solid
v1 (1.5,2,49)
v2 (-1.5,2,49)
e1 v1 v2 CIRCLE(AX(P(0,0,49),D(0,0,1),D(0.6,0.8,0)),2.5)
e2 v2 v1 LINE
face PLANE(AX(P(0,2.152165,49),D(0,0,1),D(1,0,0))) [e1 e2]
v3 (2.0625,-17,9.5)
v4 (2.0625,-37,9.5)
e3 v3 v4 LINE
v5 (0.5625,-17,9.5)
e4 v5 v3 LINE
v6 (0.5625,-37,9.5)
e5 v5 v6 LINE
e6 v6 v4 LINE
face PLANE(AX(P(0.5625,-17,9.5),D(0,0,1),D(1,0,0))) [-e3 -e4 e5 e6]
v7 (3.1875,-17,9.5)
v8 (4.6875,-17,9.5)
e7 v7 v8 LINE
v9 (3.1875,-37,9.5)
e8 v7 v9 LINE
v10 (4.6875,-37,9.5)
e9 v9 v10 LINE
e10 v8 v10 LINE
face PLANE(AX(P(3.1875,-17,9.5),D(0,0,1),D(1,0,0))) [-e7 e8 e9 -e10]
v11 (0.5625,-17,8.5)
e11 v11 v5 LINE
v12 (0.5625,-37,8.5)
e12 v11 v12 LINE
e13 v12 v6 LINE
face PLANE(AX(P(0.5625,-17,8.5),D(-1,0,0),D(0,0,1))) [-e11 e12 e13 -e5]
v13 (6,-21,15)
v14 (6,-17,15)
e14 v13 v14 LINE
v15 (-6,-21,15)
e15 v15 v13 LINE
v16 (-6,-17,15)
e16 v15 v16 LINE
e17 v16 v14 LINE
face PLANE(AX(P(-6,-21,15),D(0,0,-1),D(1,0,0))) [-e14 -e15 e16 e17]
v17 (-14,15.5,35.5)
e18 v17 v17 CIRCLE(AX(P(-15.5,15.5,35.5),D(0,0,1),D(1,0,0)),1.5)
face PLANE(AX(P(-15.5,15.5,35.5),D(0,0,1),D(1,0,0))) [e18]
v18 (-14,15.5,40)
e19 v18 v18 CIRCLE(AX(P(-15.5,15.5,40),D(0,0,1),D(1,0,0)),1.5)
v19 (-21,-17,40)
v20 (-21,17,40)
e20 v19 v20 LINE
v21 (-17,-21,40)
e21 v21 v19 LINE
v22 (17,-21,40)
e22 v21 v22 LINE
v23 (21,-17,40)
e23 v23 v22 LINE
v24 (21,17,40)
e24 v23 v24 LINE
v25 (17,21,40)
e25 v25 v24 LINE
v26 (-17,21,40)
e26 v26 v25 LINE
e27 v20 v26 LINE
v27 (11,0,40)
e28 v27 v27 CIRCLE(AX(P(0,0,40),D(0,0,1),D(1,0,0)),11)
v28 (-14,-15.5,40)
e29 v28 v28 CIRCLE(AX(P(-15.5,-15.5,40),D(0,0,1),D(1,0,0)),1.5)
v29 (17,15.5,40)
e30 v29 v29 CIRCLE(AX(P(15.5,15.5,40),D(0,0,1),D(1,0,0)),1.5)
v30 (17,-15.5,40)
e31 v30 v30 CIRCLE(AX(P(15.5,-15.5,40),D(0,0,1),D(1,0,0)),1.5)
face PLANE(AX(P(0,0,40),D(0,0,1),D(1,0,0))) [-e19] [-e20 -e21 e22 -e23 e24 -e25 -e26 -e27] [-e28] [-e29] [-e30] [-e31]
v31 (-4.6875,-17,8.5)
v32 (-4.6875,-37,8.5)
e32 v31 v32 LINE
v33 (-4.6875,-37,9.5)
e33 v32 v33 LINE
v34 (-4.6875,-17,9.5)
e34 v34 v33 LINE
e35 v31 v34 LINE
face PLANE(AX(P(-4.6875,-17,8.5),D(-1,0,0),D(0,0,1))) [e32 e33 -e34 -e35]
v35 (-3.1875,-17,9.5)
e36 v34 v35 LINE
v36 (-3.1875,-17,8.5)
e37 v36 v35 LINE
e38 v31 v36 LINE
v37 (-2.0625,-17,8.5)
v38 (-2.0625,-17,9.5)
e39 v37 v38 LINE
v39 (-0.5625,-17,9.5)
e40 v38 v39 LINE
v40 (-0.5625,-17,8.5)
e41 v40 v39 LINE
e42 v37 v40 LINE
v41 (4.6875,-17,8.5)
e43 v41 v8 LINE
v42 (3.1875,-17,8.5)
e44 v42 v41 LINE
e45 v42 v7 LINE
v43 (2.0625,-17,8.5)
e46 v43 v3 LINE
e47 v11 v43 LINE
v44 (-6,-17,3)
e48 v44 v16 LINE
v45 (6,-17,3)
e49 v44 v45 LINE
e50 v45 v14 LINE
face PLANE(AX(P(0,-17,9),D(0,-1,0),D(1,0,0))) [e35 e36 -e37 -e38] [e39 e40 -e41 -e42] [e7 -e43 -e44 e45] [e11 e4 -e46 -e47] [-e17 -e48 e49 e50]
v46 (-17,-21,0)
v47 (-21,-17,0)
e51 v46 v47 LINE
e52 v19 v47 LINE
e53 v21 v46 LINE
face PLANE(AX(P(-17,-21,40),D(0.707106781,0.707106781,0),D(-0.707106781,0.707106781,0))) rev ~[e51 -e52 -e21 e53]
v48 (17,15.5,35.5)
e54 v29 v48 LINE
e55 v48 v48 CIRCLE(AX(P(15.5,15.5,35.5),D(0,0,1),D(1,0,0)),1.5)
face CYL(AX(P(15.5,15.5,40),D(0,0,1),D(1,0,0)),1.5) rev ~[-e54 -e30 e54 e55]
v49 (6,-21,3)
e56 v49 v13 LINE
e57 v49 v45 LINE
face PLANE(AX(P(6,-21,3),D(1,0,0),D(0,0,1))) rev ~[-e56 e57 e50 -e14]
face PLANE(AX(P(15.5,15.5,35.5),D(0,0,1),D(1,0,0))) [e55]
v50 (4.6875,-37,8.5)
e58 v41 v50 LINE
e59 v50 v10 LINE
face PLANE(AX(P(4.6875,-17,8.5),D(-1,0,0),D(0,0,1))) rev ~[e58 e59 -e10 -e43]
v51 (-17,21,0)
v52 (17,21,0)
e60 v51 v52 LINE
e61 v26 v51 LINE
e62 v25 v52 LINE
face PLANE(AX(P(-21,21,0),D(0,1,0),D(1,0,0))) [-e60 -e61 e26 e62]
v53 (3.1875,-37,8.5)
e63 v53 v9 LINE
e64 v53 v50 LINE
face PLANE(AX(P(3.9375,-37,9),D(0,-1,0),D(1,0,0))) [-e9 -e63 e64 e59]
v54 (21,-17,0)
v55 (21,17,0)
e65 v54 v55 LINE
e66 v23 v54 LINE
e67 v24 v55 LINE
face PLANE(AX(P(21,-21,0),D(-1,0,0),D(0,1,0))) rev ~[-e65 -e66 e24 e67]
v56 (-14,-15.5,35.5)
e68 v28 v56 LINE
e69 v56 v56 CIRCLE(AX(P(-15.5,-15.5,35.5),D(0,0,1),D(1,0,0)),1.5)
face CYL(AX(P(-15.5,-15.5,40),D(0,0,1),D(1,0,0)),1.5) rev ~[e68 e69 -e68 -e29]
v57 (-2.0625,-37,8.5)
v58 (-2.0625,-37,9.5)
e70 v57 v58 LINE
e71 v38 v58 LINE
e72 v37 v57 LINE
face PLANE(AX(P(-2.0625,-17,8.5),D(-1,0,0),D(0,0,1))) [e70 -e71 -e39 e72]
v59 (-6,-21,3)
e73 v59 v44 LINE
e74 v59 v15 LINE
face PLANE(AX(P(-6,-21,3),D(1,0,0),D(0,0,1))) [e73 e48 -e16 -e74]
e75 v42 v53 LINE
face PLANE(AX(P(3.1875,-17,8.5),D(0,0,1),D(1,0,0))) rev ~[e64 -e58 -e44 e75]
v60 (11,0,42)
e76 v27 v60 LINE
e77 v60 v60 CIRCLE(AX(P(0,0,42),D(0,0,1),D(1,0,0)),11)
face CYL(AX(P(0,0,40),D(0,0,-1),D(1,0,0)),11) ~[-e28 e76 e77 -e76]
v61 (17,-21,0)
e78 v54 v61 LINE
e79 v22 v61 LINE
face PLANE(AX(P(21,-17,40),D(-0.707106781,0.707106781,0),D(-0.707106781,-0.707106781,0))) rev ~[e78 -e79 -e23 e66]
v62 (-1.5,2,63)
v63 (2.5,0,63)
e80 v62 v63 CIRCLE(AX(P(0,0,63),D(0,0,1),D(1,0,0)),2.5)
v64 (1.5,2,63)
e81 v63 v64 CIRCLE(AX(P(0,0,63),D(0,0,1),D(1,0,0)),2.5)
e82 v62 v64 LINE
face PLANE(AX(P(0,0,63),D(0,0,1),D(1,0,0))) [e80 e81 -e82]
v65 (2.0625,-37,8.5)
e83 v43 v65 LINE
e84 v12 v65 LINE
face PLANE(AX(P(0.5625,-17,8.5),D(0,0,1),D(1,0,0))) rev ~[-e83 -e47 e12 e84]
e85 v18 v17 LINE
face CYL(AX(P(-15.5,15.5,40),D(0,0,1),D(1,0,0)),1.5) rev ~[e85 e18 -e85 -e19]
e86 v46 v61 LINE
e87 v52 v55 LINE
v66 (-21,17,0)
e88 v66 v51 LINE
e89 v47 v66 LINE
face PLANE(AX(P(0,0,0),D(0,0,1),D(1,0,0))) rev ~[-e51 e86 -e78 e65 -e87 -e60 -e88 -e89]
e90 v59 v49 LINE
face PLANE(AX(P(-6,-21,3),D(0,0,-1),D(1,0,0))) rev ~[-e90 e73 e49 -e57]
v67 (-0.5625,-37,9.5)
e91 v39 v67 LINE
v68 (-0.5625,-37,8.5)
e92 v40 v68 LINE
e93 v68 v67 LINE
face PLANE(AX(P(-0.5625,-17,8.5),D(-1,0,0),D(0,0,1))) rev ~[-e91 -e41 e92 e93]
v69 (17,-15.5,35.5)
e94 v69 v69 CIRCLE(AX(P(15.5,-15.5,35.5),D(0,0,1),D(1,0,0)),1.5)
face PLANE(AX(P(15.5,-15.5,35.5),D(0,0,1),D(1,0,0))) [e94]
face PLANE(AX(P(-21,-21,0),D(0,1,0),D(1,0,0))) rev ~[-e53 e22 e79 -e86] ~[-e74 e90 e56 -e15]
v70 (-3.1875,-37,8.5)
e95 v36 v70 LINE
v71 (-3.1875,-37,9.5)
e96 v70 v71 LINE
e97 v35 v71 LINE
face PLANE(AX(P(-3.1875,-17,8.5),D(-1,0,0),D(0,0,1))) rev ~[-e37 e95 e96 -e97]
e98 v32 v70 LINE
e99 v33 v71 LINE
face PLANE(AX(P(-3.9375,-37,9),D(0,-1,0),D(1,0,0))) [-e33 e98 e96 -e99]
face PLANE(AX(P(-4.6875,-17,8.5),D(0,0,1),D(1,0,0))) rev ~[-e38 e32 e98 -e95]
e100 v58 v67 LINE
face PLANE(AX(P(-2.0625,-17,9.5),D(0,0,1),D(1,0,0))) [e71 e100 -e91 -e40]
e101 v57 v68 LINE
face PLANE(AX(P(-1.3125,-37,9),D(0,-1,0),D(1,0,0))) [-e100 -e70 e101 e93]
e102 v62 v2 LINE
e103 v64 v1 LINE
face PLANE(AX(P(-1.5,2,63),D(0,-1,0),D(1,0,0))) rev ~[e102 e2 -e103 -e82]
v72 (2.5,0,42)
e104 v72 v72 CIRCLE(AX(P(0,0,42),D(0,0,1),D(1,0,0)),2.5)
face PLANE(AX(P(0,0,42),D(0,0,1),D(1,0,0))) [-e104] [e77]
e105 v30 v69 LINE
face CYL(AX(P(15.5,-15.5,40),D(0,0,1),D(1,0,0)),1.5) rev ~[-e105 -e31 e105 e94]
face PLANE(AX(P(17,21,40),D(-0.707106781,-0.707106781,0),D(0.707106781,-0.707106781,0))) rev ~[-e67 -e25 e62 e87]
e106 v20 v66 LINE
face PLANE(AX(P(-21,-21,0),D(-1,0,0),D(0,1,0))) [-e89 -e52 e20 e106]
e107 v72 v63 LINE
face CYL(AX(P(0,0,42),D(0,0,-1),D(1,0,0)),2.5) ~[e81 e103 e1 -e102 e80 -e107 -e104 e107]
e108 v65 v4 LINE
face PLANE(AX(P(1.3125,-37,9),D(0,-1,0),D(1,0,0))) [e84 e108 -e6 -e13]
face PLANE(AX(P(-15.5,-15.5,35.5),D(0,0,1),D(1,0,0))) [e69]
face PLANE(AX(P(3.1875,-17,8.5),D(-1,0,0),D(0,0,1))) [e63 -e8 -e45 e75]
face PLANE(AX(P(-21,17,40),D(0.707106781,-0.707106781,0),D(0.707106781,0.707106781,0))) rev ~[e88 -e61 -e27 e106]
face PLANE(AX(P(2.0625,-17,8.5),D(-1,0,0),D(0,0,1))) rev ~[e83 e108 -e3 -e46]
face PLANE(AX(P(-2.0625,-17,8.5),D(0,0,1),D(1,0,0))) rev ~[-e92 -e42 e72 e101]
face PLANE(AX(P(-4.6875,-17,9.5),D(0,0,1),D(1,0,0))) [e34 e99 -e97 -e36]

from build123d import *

# Parameters (mm, degrees)
F0_W      = 42
F0_H      = 42
F1_DEPTH  = 40
F2_R      = 1.5
F3_DEPTH  = 4.5
F5_DEPTH  = 40.001
F6_R      = 11
F7_DEPTH  = 2
F8_R      = 2.5
F9_DEPTH  = 21
F11_DEPTH = 14
F12_W     = 12
F12_H     = 12
F13_DEPTH = 4
F14_W     = 1.5
F14_H     = 1
F15_DEPTH = 20


with BuildPart() as f1:
    # F0 (on Top) → F1 (new body)
    with BuildSketch(Plane.XY):
        Rectangle(F0_W, F0_H)
    extrude(amount=F1_DEPTH)

    # F2 (on face) → F3 (cut)
    with BuildSketch(Plane.XY.offset(40)):
        with Locations((15.5, 15.5)):
            Circle(F2_R)
        with Locations((15.5, -15.5)):
            Circle(F2_R)
        with Locations((-15.5, -15.5)):
            Circle(F2_R)
        with Locations((-15.5, 15.5)):
            Circle(F2_R)
    extrude(amount=-F3_DEPTH, mode=Mode.SUBTRACT)

    # F4 (on face) → F5 (cut, through all)
    with BuildSketch(Plane.XY.offset(40)):
        Polygon((17, 21), (21, 17), (21, 21), align=None)
        Polygon((17, -21), (21, -21), (21, -17), align=None)
        Polygon((-17, -21), (-21, -17), (-21, -21), align=None)
        Polygon((-17, 21), (-21, 21), (-21, 17), align=None)
    extrude(amount=-F5_DEPTH, mode=Mode.SUBTRACT)

    # F6 (on face) → F7 (join)
    with BuildSketch(Plane.XY.offset(40)):
        Circle(F6_R)
    extrude(amount=F7_DEPTH)

    # F8 (on face) → F9 (join)
    with BuildSketch(Plane.XY.offset(42)):
        Circle(F8_R)
    extrude(amount=F9_DEPTH)

    # F10 (on face) → F11 (cut)
    with BuildSketch(Plane.XY.offset(63)):
        with BuildLine():
            Line((-1.5, 2), (1.5, 2))
            ThreePointArc((1.5, 2), (0, 2.5), (-1.5, 2))
        make_face()
    extrude(amount=-F11_DEPTH, mode=Mode.SUBTRACT)

    # F12 (on face) → F13 (cut)
    with BuildSketch(Plane.XZ.offset(21)):
        with Locations((0, 9)):
            Rectangle(F12_W, F12_H)
    extrude(amount=-F13_DEPTH, mode=Mode.SUBTRACT)

    # F14 (on face) → F15 (join)
    with BuildSketch(Plane.XZ.offset(17)):
        with Locations((-3.9375, 9)):
            Rectangle(F14_W, F14_H)
        with Locations((-1.3125, 9)):
            Rectangle(F14_W, F14_H)
        with Locations((1.3125, 9)):
            Rectangle(F14_W, F14_H)
        with Locations((3.9375, 9)):
            Rectangle(F14_W, F14_H)
    extrude(amount=F15_DEPTH)


solid = f1.part
